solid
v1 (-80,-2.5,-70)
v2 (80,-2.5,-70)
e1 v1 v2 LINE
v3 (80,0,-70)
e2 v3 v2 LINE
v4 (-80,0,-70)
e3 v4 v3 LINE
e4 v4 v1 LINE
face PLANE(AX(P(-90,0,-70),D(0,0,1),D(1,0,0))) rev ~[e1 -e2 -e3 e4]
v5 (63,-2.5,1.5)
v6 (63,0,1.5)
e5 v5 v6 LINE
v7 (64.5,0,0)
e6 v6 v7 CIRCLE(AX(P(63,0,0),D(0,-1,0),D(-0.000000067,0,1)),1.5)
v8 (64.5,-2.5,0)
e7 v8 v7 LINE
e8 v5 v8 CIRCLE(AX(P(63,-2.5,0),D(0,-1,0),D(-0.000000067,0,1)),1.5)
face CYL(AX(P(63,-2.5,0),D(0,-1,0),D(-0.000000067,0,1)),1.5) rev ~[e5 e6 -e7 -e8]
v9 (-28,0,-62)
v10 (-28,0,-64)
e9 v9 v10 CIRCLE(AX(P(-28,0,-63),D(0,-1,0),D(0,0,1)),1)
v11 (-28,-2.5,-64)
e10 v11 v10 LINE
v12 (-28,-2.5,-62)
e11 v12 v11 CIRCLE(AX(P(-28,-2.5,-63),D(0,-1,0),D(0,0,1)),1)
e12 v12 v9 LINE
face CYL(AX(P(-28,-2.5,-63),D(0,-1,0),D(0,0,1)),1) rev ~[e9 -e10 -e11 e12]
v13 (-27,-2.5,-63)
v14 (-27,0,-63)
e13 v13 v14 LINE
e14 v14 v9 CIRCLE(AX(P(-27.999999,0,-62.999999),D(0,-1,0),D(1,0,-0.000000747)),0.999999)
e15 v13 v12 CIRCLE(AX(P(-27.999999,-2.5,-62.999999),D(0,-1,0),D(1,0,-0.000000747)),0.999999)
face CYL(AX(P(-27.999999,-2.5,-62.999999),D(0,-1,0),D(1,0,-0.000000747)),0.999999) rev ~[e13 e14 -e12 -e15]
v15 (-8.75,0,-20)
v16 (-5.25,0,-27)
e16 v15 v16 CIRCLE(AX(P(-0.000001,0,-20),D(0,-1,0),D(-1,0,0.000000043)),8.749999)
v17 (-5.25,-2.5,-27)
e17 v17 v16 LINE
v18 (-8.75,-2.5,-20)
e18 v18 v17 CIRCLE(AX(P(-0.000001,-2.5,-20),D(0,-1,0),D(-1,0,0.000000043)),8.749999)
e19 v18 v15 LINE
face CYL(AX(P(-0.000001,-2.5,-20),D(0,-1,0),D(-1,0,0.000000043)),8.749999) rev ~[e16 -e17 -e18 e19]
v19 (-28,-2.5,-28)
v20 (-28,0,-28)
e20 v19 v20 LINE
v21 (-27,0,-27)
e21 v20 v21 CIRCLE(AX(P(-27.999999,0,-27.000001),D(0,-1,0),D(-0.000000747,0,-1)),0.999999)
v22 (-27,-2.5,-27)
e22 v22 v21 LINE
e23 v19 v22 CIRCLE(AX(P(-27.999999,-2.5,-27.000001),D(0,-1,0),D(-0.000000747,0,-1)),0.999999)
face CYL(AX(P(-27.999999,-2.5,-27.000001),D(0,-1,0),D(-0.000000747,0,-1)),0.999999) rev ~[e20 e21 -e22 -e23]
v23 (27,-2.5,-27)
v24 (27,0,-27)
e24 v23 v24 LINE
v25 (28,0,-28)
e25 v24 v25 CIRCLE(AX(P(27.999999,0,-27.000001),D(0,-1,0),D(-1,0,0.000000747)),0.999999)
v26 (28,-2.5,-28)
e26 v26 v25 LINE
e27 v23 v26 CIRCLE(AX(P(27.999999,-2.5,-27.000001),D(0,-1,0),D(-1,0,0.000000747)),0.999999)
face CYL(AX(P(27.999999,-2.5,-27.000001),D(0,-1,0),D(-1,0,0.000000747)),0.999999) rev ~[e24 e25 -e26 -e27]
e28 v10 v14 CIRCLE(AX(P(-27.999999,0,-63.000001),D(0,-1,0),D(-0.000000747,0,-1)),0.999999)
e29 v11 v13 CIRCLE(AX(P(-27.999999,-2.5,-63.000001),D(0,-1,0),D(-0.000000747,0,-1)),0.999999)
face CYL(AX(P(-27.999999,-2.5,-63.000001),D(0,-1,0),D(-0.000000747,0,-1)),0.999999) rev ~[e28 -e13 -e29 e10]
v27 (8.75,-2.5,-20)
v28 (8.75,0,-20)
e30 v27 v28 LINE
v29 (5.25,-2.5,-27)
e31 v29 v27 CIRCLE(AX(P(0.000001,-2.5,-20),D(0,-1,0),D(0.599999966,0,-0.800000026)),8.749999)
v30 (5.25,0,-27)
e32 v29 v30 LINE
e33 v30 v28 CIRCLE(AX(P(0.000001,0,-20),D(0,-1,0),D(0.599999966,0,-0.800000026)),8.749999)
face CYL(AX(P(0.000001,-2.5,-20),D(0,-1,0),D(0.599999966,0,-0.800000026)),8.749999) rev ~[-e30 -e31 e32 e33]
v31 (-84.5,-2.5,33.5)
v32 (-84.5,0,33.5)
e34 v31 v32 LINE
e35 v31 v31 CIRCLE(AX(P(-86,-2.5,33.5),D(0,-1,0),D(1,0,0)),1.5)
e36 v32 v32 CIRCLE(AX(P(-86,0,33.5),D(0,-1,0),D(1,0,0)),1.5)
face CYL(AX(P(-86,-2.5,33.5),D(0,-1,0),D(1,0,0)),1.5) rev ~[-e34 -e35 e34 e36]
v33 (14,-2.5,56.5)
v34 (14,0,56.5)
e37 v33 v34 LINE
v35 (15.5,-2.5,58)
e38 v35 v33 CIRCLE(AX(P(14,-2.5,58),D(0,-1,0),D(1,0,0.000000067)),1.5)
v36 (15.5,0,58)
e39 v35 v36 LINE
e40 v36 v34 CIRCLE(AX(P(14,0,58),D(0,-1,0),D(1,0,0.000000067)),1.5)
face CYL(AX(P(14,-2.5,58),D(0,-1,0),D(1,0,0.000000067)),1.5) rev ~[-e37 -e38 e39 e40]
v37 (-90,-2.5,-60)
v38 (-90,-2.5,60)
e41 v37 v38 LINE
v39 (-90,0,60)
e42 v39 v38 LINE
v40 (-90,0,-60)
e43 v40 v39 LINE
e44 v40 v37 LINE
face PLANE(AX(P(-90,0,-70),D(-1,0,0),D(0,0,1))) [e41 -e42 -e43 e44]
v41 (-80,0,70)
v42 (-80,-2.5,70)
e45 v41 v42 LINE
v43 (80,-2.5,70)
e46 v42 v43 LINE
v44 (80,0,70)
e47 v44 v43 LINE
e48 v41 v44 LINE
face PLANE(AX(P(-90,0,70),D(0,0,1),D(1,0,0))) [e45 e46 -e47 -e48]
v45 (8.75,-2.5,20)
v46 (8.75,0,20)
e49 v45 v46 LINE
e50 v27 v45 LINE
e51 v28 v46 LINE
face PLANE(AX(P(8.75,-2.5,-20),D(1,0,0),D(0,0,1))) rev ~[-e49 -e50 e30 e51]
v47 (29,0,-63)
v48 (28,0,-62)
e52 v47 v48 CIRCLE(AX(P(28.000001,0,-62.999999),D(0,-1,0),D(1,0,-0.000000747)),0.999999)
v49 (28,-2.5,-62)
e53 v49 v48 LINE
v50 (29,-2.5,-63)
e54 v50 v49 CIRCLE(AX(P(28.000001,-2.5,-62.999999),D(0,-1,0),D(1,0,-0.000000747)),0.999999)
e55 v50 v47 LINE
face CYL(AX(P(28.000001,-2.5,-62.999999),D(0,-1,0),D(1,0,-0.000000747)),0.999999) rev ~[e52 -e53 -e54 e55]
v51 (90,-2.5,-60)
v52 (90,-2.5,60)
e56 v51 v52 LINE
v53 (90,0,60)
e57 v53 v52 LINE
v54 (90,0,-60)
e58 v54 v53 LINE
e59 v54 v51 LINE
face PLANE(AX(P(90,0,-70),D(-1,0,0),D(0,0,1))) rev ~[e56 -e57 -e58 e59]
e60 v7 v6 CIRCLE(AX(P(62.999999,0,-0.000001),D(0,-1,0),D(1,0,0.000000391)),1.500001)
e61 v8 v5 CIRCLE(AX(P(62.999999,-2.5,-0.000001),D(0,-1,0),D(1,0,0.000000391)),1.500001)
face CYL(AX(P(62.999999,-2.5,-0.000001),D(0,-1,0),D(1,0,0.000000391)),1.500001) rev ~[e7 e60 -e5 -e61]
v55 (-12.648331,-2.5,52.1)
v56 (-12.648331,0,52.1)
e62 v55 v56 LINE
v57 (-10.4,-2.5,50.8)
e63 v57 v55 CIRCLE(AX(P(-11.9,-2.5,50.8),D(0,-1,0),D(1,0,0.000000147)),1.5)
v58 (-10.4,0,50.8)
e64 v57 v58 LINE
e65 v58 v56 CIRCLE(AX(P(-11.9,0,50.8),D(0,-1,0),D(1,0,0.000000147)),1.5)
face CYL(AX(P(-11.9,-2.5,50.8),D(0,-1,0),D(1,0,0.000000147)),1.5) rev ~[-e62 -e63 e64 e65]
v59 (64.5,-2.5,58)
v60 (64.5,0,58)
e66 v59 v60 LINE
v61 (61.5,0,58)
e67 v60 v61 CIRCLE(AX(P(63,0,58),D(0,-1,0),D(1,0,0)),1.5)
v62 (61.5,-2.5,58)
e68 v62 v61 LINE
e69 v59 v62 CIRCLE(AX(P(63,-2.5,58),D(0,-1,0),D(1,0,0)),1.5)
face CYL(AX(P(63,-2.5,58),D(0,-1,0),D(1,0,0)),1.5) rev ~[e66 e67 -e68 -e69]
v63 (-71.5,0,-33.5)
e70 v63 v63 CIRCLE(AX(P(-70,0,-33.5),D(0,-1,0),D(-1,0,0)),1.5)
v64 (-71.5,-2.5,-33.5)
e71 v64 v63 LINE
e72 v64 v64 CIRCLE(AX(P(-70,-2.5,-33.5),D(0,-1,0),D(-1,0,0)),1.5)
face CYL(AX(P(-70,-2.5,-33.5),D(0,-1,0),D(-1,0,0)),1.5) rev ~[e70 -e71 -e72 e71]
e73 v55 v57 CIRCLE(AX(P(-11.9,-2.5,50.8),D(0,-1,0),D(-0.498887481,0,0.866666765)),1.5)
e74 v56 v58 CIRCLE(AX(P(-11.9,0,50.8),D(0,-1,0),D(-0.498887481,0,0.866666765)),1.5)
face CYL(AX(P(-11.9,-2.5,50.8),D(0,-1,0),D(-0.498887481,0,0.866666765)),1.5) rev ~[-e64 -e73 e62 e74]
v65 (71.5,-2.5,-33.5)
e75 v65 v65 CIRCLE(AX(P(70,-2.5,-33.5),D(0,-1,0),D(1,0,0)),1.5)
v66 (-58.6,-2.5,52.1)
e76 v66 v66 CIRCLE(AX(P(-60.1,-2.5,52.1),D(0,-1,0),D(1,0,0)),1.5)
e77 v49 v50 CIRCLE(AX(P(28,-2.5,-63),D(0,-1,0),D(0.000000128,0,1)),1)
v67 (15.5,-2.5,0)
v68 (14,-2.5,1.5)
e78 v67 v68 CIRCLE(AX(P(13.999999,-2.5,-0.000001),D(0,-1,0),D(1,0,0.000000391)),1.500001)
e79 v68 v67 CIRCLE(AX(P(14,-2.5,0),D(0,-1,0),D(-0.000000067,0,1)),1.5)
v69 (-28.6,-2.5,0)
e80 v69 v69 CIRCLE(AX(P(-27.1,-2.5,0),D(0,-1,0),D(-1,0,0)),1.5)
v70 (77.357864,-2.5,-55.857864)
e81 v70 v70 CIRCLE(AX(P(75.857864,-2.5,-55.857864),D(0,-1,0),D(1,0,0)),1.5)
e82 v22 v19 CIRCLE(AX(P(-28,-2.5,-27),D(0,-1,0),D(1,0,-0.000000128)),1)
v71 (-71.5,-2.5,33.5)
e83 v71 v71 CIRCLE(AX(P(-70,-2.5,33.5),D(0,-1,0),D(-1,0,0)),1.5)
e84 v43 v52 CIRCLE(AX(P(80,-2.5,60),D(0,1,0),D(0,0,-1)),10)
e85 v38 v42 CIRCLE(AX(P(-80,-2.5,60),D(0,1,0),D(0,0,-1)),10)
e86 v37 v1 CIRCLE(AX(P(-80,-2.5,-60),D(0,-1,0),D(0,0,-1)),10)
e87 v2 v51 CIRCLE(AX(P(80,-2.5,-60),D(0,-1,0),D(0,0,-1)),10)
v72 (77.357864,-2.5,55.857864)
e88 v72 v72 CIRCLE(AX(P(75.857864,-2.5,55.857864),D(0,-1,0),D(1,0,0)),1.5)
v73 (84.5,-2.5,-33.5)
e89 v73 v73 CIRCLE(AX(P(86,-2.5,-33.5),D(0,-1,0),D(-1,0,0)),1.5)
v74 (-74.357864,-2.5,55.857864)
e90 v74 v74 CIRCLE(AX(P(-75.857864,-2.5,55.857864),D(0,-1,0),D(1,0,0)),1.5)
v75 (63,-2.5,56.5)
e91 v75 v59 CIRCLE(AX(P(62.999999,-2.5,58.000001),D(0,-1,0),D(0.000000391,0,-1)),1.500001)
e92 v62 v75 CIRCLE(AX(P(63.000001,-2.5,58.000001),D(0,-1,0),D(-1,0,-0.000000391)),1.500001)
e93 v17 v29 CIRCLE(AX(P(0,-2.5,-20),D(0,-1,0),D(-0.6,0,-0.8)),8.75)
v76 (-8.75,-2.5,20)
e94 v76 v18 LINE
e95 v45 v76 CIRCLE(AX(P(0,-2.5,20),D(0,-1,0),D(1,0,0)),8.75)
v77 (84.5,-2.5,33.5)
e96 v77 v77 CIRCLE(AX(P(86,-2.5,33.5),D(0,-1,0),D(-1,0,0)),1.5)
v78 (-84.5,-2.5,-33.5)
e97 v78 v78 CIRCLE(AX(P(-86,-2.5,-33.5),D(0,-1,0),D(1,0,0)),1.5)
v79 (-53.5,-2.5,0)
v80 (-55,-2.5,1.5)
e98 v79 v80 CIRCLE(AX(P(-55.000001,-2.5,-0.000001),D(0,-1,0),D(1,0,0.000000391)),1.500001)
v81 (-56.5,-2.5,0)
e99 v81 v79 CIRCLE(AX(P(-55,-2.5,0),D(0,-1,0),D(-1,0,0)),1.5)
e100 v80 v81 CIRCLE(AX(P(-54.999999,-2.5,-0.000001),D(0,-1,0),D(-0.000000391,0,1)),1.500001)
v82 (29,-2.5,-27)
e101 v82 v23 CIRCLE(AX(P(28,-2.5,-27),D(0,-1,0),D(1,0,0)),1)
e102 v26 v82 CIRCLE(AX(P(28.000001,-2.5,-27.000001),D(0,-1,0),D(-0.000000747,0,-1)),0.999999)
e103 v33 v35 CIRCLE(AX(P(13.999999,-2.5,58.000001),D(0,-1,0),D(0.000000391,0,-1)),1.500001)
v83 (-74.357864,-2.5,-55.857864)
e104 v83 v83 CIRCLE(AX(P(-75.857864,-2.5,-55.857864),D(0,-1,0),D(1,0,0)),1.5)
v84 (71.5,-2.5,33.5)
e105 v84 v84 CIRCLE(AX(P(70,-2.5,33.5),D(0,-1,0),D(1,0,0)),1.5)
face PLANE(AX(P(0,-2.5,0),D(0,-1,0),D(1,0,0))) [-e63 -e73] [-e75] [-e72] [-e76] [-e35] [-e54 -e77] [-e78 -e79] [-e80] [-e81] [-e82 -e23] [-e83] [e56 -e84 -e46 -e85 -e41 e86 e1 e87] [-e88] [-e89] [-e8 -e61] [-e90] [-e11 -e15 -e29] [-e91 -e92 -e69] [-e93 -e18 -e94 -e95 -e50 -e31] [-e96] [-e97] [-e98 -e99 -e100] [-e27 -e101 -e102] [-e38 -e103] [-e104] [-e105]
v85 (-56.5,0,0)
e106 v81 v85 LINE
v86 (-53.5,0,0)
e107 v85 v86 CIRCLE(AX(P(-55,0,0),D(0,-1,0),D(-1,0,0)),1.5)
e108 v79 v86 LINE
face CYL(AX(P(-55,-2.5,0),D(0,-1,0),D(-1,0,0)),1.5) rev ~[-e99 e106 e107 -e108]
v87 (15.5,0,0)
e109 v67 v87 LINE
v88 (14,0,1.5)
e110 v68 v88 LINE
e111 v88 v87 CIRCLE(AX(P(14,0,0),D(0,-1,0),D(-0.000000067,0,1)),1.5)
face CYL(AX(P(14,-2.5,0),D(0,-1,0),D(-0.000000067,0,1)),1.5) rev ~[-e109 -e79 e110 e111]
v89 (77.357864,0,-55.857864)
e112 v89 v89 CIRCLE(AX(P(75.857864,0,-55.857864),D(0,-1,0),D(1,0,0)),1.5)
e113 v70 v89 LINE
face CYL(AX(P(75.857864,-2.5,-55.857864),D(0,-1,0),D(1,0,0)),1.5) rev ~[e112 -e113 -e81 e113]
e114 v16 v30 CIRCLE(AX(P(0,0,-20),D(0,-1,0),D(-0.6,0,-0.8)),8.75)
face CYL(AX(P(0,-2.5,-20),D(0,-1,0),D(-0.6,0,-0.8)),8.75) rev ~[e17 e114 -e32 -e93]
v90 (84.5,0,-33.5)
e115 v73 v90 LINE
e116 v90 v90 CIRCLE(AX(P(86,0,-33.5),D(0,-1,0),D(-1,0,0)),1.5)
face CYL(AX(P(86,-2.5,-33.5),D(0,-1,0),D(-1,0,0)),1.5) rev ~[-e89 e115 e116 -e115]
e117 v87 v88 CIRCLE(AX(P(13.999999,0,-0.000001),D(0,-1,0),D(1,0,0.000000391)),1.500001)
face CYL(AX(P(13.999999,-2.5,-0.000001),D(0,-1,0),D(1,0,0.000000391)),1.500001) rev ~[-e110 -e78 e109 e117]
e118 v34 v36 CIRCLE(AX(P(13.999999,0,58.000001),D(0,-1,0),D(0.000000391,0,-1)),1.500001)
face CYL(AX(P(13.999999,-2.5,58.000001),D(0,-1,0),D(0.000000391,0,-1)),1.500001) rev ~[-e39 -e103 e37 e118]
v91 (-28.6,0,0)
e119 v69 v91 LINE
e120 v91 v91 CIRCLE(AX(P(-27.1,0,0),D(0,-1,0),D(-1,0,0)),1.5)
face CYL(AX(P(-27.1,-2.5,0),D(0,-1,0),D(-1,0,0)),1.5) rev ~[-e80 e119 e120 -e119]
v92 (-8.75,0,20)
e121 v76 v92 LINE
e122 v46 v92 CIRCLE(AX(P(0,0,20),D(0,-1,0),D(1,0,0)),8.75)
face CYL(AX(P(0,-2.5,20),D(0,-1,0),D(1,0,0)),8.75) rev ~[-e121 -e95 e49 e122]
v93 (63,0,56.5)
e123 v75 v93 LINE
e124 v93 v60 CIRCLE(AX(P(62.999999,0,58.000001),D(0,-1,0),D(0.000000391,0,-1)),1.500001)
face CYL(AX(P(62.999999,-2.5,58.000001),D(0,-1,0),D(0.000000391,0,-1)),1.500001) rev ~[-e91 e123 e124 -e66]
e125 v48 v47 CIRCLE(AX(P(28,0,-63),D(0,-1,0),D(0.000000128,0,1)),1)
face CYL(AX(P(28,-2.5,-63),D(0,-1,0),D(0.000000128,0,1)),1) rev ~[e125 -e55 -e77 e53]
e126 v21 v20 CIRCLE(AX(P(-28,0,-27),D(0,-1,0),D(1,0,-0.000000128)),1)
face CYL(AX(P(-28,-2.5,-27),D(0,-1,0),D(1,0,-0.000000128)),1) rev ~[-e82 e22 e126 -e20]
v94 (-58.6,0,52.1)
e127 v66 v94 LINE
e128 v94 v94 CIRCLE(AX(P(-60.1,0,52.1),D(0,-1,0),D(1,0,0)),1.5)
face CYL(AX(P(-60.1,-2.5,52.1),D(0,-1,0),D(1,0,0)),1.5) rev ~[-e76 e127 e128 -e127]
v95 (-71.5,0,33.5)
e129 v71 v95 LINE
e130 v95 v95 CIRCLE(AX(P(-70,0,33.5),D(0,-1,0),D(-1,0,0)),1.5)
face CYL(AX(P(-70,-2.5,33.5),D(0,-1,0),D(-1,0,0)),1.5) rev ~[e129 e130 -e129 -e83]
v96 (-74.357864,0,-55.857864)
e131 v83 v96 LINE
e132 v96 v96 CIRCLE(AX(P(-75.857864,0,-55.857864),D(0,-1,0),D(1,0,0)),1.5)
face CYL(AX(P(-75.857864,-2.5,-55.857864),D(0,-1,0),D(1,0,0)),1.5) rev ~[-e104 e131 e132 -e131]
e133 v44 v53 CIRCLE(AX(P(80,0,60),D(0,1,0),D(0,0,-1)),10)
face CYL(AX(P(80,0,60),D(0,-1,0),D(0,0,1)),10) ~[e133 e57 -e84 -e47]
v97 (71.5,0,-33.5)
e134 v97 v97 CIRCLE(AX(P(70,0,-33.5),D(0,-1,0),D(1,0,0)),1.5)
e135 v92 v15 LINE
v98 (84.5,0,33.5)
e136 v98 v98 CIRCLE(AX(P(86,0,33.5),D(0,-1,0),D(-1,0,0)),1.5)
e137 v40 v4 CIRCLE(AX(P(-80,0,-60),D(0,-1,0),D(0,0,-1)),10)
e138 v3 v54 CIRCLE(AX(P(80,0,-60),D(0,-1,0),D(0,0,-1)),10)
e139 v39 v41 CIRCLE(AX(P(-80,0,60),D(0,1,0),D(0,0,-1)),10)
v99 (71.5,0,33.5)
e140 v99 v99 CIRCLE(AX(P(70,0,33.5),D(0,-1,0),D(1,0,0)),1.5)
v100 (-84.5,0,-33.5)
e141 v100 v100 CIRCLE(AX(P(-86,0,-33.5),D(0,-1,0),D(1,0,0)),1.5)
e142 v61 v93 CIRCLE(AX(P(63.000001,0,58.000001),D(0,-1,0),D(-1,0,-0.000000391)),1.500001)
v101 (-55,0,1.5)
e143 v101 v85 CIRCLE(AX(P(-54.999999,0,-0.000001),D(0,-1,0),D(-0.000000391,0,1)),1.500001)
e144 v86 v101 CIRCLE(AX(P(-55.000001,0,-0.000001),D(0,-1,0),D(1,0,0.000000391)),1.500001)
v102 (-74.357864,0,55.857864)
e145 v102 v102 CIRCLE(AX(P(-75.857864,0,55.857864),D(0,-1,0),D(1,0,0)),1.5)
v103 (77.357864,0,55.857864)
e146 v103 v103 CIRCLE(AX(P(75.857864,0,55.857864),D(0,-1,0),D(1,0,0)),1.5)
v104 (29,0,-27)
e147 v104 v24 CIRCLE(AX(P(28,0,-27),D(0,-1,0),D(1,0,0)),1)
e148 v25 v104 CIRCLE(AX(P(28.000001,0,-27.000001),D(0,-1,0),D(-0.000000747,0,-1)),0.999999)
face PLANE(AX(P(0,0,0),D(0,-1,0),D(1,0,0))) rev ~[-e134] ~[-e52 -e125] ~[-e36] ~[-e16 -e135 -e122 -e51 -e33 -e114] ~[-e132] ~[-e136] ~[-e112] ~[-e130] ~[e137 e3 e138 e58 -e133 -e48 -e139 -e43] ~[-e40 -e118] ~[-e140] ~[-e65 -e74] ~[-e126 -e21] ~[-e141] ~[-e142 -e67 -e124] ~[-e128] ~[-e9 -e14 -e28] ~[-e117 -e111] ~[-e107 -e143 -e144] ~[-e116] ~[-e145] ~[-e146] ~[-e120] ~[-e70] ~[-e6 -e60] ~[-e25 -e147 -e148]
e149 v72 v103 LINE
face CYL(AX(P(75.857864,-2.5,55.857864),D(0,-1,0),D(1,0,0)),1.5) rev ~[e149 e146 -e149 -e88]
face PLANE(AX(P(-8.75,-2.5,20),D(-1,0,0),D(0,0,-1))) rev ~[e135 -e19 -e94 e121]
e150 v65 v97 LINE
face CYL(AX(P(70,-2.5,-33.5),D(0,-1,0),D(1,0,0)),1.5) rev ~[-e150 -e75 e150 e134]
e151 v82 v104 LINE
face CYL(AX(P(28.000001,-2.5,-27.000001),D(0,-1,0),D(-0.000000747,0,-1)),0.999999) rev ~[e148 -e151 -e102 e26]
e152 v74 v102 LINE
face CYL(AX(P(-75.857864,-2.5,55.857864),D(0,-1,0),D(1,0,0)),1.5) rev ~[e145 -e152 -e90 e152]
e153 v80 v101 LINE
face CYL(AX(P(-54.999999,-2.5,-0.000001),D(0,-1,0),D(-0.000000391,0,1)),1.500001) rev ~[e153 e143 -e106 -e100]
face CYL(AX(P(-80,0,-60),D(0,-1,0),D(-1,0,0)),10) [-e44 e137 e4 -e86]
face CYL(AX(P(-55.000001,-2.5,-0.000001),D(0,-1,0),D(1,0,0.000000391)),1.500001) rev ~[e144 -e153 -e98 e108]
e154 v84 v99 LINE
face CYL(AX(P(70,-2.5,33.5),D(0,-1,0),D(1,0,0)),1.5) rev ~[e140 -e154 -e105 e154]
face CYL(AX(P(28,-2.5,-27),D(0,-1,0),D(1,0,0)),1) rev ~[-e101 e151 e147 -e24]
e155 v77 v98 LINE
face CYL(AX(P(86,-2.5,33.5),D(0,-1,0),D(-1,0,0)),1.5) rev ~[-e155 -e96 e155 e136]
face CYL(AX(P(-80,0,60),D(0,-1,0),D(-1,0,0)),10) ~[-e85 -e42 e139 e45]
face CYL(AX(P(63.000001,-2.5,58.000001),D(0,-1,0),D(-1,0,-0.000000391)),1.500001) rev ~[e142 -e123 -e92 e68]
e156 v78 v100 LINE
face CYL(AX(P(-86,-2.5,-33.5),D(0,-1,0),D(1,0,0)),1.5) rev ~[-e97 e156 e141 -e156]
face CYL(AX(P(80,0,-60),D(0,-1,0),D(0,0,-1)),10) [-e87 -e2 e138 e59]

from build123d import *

# Parameters (mm, degrees)
F0_W     = 180
F0_H     = 140
F1_DEPTH = 2.5
F2_R     = 1.5
F3_DEPTH = 5
F4_R     = 10


with BuildPart() as f1:
    # F0 (on Front) → F1 (new body)
    with BuildSketch(Plane.XZ):
        Rectangle(F0_W, F0_H)
    extrude(amount=F1_DEPTH)

    # F2 (on face) → F3 (cut)
    with BuildSketch(Plane.XZ.offset(2.5)):
        with Locations((75.857864, 55.857864)):
            Circle(F2_R)
        with Locations((-75.857864, 55.857864)):
            Circle(F2_R)
        with Locations((75.857864, -55.857864)):
            Circle(F2_R)
        with Locations((-75.857864, -55.857864)):
            Circle(F2_R)
        with BuildLine():
            ThreePointArc((29, -63), (28.707107, -62.292893), (28, -62))
            ThreePointArc((28, -62), (27.292893, -63.707107), (29, -63))
        make_face()
        with BuildLine():
            ThreePointArc((29, -27), (28, -26), (27, -27))
            Line((27, -27), (28, -27))
            Line((28, -27), (28, -28))
            ThreePointArc((28, -28), (28.707107, -27.707107), (29, -27))
        make_face()
        with BuildLine():
            Line((28, -27), (27, -27))
            ThreePointArc((27, -27), (27.292893, -27.707107), (28, -28))
            Line((28, -28), (28, -27))
        make_face()
        with BuildLine():
            ThreePointArc((-27, -63), (-27.292893, -62.292893), (-28, -62))
            Line((-28, -62), (-28, -63))
            Line((-28, -63), (-28, -64))
            ThreePointArc((-28, -64), (-27.292893, -63.707107), (-27, -63))
        make_face()
        with BuildLine():
            Line((-28, -63), (-28, -62))
            ThreePointArc((-28, -62), (-29, -63), (-28, -64))
            Line((-28, -64), (-28, -63))
        make_face()
        with BuildLine():
            ThreePointArc((-28, -28), (-27.292893, -27.707107), (-27, -27))
            Line((-27, -27), (-28, -27))
            Line((-28, -27), (-28, -28))
        make_face()
        with BuildLine():
            Line((-28, -27), (-27, -27))
            ThreePointArc((-27, -27), (-28.707107, -26.292893), (-28, -28))
            Line((-28, -28), (-28, -27))
        make_face()
        with BuildLine():
            Line((-8.75, 20), (-8.75, 0))
            Line((-8.75, 0), (-8.75, -20))
            ThreePointArc((-8.75, -20), (-7.826238, -23.913119), (-5.25, -27))
            Line((-5.25, -27), (5.25, -27))
            ThreePointArc((5.25, -27), (7.826238, -23.913119), (8.75, -20))
            Line((8.75, -20), (8.75, 0))
            Line((8.75, 0), (8.75, 20))
            ThreePointArc((8.75, 20), (0, 28.75), (-8.75, 20))
        make_face()
        with BuildLine():
            Line((5.25, -27), (-5.25, -27))
            ThreePointArc((-5.25, -27), (0, -28.75), (5.25, -27))
        make_face()
        with Locations((-60.1, 52.1)):
            Circle(F2_R)
        with BuildLine():
            ThreePointArc((-10.4, 50.8), (-11.149166, 52.098556), (-12.648331, 52.1))
            ThreePointArc((-12.648331, 52.1), (-12.650834, 49.501444), (-10.4, 50.8))
        make_face()
        with BuildLine():
            ThreePointArc((-25.6, 0), (-27.1, 1.5), (-28.6, 0))
            ThreePointArc((-28.6, 0), (-27.1, -1.5), (-25.6, 0))
        make_face()
        with BuildLine():
            ThreePointArc((-55, 1.5), (-56.06066, 1.06066), (-56.5, 0))
            Line((-56.5, 0), (-55, 0))
            Line((-55, 0), (-55, 1.5))
        make_face()
        with BuildLine():
            Line((-55, 0), (-56.5, 0))
            ThreePointArc((-56.5, 0), (-55, -1.5), (-53.5, 0))
            Line((-53.5, 0), (-55, 0))
        make_face()
        with Locations((-86, 33.5)):
            Circle(F2_R)
        with BuildLine():
            ThreePointArc((-68.5, 33.5), (-70, 35), (-71.5, 33.5))
            ThreePointArc((-71.5, 33.5), (-70, 32), (-68.5, 33.5))
        make_face()
        with BuildLine():
            ThreePointArc((-68.5, -33.5), (-70, -32), (-71.5, -33.5))
            ThreePointArc((-71.5, -33.5), (-70, -35), (-68.5, -33.5))
        make_face()
        with Locations((-86, -33.5)):
            Circle(F2_R)
        with BuildLine():
            Line((-55, 1.5), (-55, 0))
            Line((-55, 0), (-53.5, 0))
            ThreePointArc((-53.5, 0), (-53.93934, 1.06066), (-55, 1.5))
        make_face()
        with BuildLine():
            ThreePointArc((15.5, 0), (15.06066, 1.06066), (14, 1.5))
            ThreePointArc((14, 1.5), (12.93934, -1.06066), (15.5, 0))
        make_face()
        with BuildLine():
            ThreePointArc((14, 56.5), (15.06066, 56.93934), (15.5, 58))
            Line((15.5, 58), (14, 58))
            Line((14, 58), (14, 56.5))
        make_face()
        with BuildLine():
            Line((14, 58), (15.5, 58))
            ThreePointArc((15.5, 58), (12.93934, 59.06066), (14, 56.5))
            Line((14, 56.5), (14, 58))
        make_face()
        with BuildLine():
            ThreePointArc((61.5, 58), (61.93934, 56.93934), (63, 56.5))
            Line((63, 56.5), (63, 58))
            Line((63, 58), (61.5, 58))
        make_face()
        with BuildLine():
            Line((63, 58), (63, 56.5))
            ThreePointArc((63, 56.5), (64.06066, 56.93934), (64.5, 58))
            ThreePointArc((64.5, 58), (63, 59.5), (61.5, 58))
            Line((61.5, 58), (63, 58))
        make_face()
        with BuildLine():
            ThreePointArc((63, 1.5), (61.93934, -1.06066), (64.5, 0))
            Line((64.5, 0), (63, 0))
            Line((63, 0), (63, 1.5))
        make_face()
        with BuildLine():
            Line((63, 0), (64.5, 0))
            ThreePointArc((64.5, 0), (64.06066, 1.06066), (63, 1.5))
            Line((63, 1.5), (63, 0))
        make_face()
        with Locations((70, 33.5)):
            Circle(F2_R)
        with BuildLine():
            ThreePointArc((87.5, 33.5), (86, 35), (84.5, 33.5))
            ThreePointArc((84.5, 33.5), (86, 32), (87.5, 33.5))
        make_face()
        with BuildLine():
            ThreePointArc((87.5, -33.5), (86, -32), (84.5, -33.5))
            ThreePointArc((84.5, -33.5), (86, -35), (87.5, -33.5))
        make_face()
        with Locations((70, -33.5)):
            Circle(F2_R)
    extrude(amount=-F3_DEPTH, mode=Mode.SUBTRACT)

    # F4
    f4_edges = [f1.edges().sort_by_distance(p)[0] for p in [
        (-90, -1.25, 70),
        (-90, -1.25, -70),
        (90, -1.25, -70),
        (90, -1.25, 70),
    ]]
    fillet(f4_edges, radius=F4_R)


solid = f1.part
